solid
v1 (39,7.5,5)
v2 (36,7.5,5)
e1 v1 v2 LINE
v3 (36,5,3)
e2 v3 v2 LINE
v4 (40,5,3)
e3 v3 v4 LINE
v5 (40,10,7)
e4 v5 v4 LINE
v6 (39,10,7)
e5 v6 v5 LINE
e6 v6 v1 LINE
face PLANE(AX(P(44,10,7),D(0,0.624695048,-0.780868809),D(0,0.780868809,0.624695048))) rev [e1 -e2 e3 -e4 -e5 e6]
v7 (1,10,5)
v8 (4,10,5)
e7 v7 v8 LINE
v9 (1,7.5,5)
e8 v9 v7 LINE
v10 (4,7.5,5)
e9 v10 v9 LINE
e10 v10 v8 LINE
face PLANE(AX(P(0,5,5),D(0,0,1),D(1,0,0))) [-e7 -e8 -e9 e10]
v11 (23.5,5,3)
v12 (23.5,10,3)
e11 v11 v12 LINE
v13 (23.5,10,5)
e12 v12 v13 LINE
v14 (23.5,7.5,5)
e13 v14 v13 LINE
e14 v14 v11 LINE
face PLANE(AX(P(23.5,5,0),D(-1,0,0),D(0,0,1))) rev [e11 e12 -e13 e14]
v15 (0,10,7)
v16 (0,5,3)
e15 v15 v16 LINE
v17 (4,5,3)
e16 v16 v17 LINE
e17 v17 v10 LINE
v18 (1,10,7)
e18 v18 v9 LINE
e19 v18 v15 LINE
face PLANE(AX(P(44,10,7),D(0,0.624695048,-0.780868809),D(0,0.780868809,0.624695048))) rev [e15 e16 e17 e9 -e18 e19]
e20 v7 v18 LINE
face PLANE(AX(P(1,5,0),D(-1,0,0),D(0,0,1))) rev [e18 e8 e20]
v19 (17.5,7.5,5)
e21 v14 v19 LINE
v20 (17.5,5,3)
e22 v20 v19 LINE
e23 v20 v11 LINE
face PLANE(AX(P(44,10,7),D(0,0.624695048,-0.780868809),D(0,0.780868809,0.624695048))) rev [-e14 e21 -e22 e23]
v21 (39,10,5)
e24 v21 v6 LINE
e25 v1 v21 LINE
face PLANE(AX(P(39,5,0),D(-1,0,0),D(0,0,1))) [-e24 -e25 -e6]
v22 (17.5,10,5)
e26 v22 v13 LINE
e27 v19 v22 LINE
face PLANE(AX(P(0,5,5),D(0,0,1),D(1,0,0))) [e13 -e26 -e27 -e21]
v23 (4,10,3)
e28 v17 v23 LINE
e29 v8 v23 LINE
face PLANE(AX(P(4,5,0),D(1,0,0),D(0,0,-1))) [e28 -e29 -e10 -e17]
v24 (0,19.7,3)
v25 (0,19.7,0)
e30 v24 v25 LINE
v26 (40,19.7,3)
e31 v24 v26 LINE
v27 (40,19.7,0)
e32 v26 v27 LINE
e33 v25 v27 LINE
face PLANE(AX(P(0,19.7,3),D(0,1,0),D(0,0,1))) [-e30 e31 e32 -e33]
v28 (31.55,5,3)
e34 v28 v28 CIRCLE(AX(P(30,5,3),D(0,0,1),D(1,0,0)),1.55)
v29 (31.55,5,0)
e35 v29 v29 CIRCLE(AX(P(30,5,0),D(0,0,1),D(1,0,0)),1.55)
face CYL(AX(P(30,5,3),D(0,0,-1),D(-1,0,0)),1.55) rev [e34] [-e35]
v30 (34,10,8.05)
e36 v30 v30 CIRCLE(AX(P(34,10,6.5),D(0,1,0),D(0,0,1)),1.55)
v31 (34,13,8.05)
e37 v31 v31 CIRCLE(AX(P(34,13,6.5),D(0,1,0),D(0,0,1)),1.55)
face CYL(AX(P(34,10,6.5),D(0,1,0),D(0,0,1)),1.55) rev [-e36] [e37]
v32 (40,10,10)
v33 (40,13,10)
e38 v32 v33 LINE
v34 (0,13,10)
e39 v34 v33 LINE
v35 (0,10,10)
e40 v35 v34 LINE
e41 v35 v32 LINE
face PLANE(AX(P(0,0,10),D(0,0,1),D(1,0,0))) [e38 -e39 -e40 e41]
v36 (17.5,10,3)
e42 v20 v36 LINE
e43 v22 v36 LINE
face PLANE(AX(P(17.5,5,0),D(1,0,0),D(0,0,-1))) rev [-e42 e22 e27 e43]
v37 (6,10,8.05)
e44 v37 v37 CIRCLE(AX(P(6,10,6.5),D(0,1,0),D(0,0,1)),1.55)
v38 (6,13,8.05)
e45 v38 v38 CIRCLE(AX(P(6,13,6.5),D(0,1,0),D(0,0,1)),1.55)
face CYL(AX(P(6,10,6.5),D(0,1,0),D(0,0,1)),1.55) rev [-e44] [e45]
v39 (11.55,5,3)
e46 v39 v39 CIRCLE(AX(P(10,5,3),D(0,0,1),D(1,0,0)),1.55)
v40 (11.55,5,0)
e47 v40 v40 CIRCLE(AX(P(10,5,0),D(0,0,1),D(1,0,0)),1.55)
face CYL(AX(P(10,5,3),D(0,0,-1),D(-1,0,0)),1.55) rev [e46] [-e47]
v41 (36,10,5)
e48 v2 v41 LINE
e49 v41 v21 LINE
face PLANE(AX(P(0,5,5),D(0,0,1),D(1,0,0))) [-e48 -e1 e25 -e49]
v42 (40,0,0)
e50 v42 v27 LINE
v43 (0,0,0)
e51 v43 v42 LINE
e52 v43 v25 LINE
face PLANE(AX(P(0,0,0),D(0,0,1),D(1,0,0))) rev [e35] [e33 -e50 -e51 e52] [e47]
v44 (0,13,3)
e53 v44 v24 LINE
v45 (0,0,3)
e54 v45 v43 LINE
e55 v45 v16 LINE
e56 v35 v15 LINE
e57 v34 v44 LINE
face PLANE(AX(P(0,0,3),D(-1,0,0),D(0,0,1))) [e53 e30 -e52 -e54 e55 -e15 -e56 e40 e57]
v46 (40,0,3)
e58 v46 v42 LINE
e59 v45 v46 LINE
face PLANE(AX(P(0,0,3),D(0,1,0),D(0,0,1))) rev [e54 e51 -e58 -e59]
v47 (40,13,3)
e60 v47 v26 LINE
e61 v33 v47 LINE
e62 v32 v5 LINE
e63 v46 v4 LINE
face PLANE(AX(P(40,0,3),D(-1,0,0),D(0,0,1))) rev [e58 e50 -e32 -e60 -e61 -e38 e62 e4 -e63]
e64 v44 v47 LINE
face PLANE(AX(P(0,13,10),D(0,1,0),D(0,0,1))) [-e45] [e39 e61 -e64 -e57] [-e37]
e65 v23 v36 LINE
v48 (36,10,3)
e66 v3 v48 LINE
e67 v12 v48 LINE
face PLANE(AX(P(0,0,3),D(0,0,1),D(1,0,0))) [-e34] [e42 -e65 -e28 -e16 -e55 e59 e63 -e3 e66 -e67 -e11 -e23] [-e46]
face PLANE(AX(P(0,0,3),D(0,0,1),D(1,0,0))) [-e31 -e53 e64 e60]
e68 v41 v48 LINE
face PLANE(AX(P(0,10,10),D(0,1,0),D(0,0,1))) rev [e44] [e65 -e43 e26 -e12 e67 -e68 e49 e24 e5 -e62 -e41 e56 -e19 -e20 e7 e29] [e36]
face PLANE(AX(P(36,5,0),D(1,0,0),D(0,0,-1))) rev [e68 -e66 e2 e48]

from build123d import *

# Parameters (mm, degrees)
SKETCH_1_W          = 40
SKETCH_1_H          = 6.7
EXTRUDE_1_DEPTH     = 3
SKETCH_1_3_W        = 40
SKETCH_1_3_H        = 10
SKETCH_1_3_R        = 1.55
EXTRUDE_2_DEPTH     = 3
SKETCH_1_5_W        = 40
SKETCH_1_5_H        = 3
EXTRUDE_3_DEPTH     = 10
SKETCH_2_R          = 1.55
CUT_EXTRUDE_1_DEPTH = 3
SKETCH_3_W          = 6
SKETCH_3_H          = 2
EXTRUDE_4_DEPTH     = 5
CUT_EXTRUDE_2_DEPTH = 44


with BuildPart() as part:
    # 草图1 → 凸台-拉伸1 (new body)
    with BuildSketch(Plane.XY):
        with Locations((20, 16.35)):
            Rectangle(SKETCH_1_W, SKETCH_1_H)
    extrude(amount=EXTRUDE_1_DEPTH)



with BuildPart() as body_2:
    # 草图1<3> → 凸台-拉伸2 (new body)
    with BuildSketch(Plane.XY):
        with Locations((20, 5)):
            Rectangle(SKETCH_1_3_W, SKETCH_1_3_H)
        with Locations((10, 5)):
            Circle(SKETCH_1_3_R, mode=Mode.SUBTRACT)
        with Locations((30, 5)):
            Circle(SKETCH_1_3_R, mode=Mode.SUBTRACT)
    extrude(amount=EXTRUDE_2_DEPTH)


with BuildPart() as part_1:
    add(part.part)

    add(body_2.part)  # 凸台-拉伸3 merges body 2
    # 草图1<5> → 凸台-拉伸3 (add)
    with BuildSketch(Plane.XY):
        with Locations((20, 11.5)):
            Rectangle(SKETCH_1_5_W, SKETCH_1_5_H)
    extrude(amount=EXTRUDE_3_DEPTH)

    # 草图2 → 切除-拉伸1 (cut)
    with BuildSketch(Plane(origin=(0, 13, 0), x_dir=(1, 0, 0), z_dir=(0, 1, 0))):
        with Locations((6, -6.5)):
            Circle(SKETCH_2_R)
        with Locations((34, -6.5)):
            Circle(SKETCH_2_R)
    extrude(amount=-CUT_EXTRUDE_1_DEPTH, mode=Mode.SUBTRACT)

    # 草图3 → 凸台-拉伸4 (add)
    with BuildSketch(Plane.XZ.offset(-10)):
        Polygon((0, 7), (0, 3), (4, 3), (4, 5), (1, 5), (1, 7), align=None)
        with Locations((20.5, 4)):
            Rectangle(SKETCH_3_W, SKETCH_3_H)
        Polygon((36, 5), (36, 3), (40, 3), (40, 7), (39, 7), (39, 5), align=None)
    extrude(amount=EXTRUDE_4_DEPTH)

    # 草图4 → 切除-拉伸2 (cut)
    with BuildSketch(Plane.ZY):
        Polygon((7, 10), (3, 5), (7, 5), align=None)
    extrude(amount=-CUT_EXTRUDE_2_DEPTH, mode=Mode.SUBTRACT)


solid = part_1.part
